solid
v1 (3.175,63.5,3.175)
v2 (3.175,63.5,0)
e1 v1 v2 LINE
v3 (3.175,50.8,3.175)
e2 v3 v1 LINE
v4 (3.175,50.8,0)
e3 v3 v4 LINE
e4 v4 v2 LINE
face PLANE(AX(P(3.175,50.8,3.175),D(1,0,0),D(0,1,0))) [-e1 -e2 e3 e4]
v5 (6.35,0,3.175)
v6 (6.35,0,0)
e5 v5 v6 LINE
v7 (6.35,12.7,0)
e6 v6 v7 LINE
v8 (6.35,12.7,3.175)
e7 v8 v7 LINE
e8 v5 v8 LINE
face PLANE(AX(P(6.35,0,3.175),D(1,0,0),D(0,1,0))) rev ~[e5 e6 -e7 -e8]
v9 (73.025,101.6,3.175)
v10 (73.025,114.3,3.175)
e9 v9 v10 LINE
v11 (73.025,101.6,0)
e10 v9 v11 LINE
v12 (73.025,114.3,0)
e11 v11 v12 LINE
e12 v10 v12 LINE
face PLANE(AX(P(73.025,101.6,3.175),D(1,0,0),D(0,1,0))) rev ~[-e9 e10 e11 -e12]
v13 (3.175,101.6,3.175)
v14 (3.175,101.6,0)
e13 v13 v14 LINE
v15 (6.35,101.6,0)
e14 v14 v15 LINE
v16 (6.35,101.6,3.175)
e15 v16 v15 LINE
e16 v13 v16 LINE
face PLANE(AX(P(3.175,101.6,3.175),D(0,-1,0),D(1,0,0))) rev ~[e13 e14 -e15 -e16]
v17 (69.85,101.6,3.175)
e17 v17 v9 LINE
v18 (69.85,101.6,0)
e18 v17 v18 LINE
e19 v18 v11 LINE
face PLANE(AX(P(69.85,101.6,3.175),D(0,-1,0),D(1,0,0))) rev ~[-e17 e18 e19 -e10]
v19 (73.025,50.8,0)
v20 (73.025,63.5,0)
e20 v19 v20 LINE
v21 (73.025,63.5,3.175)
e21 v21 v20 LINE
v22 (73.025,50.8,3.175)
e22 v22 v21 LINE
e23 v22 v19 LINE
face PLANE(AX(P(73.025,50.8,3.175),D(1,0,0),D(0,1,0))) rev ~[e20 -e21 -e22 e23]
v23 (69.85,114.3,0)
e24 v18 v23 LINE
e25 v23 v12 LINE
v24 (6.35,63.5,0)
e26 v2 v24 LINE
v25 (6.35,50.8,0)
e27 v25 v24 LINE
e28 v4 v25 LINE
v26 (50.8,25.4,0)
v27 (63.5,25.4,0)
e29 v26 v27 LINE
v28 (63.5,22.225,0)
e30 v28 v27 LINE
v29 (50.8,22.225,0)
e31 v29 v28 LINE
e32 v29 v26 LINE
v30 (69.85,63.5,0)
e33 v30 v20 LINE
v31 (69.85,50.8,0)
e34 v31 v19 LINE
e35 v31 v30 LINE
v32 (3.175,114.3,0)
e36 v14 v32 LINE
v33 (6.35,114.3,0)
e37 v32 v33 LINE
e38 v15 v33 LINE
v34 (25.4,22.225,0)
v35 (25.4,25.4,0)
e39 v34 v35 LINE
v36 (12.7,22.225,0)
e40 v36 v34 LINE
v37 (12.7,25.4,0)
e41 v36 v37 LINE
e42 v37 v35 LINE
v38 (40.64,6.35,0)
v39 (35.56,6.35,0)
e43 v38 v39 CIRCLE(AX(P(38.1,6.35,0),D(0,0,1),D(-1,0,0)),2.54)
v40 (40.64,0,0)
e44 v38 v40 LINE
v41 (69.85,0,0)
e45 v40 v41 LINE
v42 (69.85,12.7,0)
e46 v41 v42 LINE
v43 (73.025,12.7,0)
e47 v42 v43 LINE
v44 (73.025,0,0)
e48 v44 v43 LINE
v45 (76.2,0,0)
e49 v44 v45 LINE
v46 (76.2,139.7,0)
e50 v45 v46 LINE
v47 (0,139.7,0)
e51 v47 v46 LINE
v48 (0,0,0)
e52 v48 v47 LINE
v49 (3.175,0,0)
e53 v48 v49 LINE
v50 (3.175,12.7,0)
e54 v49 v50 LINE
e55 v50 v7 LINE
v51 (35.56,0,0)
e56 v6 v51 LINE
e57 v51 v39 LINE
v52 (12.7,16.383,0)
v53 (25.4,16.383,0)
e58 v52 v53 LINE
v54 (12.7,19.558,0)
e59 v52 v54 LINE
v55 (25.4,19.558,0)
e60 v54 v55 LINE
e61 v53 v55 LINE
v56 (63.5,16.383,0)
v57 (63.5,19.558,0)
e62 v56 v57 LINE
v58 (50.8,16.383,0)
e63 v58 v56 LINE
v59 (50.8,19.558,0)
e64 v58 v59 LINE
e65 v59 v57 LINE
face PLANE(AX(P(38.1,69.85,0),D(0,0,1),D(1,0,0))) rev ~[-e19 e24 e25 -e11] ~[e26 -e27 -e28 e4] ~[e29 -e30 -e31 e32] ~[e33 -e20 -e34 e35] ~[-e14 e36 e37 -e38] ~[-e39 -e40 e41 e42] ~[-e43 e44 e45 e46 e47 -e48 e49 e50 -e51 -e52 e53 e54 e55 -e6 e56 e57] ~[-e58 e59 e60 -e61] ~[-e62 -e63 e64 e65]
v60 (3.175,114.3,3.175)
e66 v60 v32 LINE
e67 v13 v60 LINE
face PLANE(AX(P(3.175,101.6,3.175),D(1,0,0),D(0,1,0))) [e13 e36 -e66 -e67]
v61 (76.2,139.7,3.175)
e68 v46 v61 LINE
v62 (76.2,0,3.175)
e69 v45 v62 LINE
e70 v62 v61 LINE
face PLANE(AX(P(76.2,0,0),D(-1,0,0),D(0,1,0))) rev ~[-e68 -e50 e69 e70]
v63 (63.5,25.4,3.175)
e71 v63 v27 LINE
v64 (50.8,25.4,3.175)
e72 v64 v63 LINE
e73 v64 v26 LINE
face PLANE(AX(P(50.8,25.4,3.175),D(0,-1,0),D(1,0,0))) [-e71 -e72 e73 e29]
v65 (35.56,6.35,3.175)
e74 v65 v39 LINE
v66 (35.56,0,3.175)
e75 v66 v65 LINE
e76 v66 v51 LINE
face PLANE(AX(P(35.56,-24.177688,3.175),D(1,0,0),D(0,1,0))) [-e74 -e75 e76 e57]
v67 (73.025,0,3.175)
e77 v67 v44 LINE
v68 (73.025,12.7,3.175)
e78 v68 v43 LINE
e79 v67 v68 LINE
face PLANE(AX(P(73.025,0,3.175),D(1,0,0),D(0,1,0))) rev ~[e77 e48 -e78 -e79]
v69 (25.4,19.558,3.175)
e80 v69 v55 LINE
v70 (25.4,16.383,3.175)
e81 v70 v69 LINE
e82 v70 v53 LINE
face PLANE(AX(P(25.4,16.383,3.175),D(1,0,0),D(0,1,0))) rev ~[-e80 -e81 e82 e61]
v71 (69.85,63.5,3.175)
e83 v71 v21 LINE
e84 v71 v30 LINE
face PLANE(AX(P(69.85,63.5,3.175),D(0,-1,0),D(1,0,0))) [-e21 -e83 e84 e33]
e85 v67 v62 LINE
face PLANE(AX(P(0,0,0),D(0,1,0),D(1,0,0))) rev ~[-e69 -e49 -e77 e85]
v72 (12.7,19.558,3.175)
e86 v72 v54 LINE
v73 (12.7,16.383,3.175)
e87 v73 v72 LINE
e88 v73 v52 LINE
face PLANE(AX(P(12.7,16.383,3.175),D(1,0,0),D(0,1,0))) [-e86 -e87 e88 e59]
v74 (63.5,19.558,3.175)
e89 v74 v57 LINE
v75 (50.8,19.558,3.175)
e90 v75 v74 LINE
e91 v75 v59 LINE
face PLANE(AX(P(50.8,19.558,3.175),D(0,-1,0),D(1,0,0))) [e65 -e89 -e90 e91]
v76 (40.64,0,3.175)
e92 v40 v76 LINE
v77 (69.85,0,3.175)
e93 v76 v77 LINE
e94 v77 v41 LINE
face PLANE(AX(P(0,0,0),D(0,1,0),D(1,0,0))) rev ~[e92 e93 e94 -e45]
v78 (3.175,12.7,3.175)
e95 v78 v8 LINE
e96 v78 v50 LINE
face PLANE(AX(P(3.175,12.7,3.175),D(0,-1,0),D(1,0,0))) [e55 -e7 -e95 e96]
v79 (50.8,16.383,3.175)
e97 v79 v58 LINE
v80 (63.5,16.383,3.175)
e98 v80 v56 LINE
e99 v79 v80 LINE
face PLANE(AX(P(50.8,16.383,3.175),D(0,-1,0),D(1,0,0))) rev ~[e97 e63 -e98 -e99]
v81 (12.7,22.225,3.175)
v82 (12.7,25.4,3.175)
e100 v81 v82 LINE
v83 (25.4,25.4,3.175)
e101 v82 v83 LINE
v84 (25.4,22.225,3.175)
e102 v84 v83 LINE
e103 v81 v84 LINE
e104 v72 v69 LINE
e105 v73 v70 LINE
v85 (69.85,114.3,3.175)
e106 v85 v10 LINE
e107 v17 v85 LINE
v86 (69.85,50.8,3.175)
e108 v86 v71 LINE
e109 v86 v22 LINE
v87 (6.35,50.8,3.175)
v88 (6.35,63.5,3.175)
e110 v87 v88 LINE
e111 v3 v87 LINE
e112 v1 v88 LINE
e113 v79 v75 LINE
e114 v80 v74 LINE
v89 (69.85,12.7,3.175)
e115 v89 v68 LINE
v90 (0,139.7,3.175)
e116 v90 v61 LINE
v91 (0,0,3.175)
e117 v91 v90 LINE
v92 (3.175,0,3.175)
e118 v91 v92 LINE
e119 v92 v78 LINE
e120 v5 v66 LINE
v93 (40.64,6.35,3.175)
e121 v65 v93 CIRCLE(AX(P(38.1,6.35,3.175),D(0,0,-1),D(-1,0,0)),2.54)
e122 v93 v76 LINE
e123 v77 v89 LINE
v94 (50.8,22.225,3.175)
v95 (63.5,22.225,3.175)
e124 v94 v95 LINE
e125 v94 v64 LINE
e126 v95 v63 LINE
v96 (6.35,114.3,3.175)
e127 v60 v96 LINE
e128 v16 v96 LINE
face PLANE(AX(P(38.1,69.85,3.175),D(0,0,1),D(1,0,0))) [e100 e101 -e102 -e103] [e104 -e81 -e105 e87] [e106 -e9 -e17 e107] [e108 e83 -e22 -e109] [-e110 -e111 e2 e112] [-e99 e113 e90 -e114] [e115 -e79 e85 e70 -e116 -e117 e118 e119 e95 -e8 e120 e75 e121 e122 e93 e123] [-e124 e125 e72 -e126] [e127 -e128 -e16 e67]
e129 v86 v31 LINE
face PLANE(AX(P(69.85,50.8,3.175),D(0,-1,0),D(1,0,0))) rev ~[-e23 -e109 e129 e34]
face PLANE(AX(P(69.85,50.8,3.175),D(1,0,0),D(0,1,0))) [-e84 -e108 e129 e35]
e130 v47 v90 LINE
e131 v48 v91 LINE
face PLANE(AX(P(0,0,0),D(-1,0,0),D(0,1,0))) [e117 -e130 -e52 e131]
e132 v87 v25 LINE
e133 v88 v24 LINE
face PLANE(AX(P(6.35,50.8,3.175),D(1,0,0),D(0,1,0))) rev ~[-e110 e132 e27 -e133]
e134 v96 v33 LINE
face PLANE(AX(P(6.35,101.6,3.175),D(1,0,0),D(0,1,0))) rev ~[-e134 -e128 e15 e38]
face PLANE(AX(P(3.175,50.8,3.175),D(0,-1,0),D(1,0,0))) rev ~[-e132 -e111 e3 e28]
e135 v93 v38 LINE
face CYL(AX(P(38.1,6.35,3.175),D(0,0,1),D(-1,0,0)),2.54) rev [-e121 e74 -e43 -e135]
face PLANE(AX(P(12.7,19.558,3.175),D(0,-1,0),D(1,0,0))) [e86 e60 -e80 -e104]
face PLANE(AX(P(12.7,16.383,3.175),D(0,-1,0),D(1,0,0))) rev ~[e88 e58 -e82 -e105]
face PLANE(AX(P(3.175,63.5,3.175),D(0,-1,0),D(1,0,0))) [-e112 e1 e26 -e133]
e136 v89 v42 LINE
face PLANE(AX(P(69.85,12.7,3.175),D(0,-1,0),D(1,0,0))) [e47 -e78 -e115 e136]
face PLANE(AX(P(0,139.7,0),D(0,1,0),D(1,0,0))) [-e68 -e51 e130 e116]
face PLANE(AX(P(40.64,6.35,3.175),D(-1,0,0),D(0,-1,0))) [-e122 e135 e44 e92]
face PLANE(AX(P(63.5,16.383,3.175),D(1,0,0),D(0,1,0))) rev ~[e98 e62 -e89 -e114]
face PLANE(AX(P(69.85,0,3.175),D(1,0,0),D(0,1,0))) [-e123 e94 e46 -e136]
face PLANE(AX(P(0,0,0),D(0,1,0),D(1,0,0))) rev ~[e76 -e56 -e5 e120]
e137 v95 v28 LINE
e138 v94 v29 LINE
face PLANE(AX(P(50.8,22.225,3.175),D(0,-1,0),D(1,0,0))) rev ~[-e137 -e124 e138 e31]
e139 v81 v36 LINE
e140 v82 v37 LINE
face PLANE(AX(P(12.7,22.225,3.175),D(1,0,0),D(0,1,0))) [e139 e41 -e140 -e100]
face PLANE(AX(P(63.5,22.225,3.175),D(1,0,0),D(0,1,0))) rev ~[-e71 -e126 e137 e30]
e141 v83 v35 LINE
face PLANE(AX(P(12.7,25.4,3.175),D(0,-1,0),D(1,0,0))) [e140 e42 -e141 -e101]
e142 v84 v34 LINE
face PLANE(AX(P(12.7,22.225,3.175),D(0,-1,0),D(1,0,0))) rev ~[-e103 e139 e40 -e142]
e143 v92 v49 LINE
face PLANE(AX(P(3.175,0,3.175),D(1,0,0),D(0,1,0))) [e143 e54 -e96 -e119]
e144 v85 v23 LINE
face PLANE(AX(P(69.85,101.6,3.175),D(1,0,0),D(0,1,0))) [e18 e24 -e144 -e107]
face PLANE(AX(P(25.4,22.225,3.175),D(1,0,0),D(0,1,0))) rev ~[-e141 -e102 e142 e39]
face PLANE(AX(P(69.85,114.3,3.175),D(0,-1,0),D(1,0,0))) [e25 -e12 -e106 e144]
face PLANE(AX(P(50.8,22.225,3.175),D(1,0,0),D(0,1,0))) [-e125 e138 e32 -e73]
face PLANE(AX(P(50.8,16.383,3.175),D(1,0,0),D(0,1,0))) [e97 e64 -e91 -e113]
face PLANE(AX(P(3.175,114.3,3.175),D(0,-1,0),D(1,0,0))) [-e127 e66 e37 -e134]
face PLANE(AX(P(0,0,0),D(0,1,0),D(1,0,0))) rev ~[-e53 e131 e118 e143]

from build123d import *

# Parameters (mm, degrees)
SKETCH1_W            = 76.2
SKETCH1_H            = 139.7
EXTRUDE1_DEPTH       = 3.175
EXTRUDE2_DEPTH       = 4.175
SKETCH3_W            = 12.7
SKETCH3_H            = 3.175
EXTRUDE3_DEPTH       = 4.175
LPATTERN1_COUNT      = 2
LPATTERN1_PITCH      = 38.1
LPATTERN1_COUNT_DIR2 = 2
LPATTERN1_PITCH_DIR2 = 5.842
SKETCH4_W            = 3.175
SKETCH4_H            = 12.7
EXTRUDE4_DEPTH       = 4.175
LPATTERN2_COUNT      = 3
LPATTERN2_PITCH      = 50.8
LPATTERN2_COUNT_DIR2 = 2
LPATTERN2_PITCH_DIR2 = 66.675


with BuildPart() as part:
    # Sketch1 → Extrude1 (new body)
    with BuildSketch(Plane.XY):
        with Locations((38.1, 69.85)):
            Rectangle(SKETCH1_W, SKETCH1_H)
    extrude(amount=EXTRUDE1_DEPTH)

    # Sketch2 → Extrude2 (cut, through all)
    with BuildSketch(Plane.XY.offset(3.175)):
        with BuildLine():
            Line((40.64, 6.35), (40.64, -24.177687884))
            ThreePointArc((40.64, -24.177687884), (38.1, -26.717687884), (35.56, -24.177687884))
            Line((35.56, -24.177687884), (35.56, 6.35))
            ThreePointArc((35.56, 6.35), (38.1, 8.89), (40.64, 6.35))
        make_face()
    extrude(amount=-EXTRUDE2_DEPTH, mode=Mode.SUBTRACT)

    # Sketch3 → Extrude3 (cut, through all)
    with BuildSketch(Plane.XY.offset(3.175)):
        with Locations((19.05, 23.8125)):
            Rectangle(SKETCH3_W, SKETCH3_H)
    extrude3 = extrude(amount=-EXTRUDE3_DEPTH, mode=Mode.SUBTRACT)

    # LPattern1: Extrude3 2 × 2
    with Locations(*[(i * LPATTERN1_PITCH, -j * LPATTERN1_PITCH_DIR2, 0) for i in range(LPATTERN1_COUNT) for j in range(LPATTERN1_COUNT_DIR2) if (i, j) != (0, 0)]):
        add(extrude3, mode=Mode.SUBTRACT)

    # Sketch4 → Extrude4 (cut, through all)
    with BuildSketch(Plane.XY.offset(3.175)):
        with Locations((71.4375, 6.35)):
            Rectangle(SKETCH4_W, SKETCH4_H)
    extrude4 = extrude(amount=-EXTRUDE4_DEPTH, mode=Mode.SUBTRACT)

    # LPattern2: Extrude4 3 × 2
    with Locations(*[(-j * LPATTERN2_PITCH_DIR2, i * LPATTERN2_PITCH, 0) for i in range(LPATTERN2_COUNT) for j in range(LPATTERN2_COUNT_DIR2) if (i, j) != (0, 0)]):
        add(extrude4, mode=Mode.SUBTRACT)


solid = part.part
